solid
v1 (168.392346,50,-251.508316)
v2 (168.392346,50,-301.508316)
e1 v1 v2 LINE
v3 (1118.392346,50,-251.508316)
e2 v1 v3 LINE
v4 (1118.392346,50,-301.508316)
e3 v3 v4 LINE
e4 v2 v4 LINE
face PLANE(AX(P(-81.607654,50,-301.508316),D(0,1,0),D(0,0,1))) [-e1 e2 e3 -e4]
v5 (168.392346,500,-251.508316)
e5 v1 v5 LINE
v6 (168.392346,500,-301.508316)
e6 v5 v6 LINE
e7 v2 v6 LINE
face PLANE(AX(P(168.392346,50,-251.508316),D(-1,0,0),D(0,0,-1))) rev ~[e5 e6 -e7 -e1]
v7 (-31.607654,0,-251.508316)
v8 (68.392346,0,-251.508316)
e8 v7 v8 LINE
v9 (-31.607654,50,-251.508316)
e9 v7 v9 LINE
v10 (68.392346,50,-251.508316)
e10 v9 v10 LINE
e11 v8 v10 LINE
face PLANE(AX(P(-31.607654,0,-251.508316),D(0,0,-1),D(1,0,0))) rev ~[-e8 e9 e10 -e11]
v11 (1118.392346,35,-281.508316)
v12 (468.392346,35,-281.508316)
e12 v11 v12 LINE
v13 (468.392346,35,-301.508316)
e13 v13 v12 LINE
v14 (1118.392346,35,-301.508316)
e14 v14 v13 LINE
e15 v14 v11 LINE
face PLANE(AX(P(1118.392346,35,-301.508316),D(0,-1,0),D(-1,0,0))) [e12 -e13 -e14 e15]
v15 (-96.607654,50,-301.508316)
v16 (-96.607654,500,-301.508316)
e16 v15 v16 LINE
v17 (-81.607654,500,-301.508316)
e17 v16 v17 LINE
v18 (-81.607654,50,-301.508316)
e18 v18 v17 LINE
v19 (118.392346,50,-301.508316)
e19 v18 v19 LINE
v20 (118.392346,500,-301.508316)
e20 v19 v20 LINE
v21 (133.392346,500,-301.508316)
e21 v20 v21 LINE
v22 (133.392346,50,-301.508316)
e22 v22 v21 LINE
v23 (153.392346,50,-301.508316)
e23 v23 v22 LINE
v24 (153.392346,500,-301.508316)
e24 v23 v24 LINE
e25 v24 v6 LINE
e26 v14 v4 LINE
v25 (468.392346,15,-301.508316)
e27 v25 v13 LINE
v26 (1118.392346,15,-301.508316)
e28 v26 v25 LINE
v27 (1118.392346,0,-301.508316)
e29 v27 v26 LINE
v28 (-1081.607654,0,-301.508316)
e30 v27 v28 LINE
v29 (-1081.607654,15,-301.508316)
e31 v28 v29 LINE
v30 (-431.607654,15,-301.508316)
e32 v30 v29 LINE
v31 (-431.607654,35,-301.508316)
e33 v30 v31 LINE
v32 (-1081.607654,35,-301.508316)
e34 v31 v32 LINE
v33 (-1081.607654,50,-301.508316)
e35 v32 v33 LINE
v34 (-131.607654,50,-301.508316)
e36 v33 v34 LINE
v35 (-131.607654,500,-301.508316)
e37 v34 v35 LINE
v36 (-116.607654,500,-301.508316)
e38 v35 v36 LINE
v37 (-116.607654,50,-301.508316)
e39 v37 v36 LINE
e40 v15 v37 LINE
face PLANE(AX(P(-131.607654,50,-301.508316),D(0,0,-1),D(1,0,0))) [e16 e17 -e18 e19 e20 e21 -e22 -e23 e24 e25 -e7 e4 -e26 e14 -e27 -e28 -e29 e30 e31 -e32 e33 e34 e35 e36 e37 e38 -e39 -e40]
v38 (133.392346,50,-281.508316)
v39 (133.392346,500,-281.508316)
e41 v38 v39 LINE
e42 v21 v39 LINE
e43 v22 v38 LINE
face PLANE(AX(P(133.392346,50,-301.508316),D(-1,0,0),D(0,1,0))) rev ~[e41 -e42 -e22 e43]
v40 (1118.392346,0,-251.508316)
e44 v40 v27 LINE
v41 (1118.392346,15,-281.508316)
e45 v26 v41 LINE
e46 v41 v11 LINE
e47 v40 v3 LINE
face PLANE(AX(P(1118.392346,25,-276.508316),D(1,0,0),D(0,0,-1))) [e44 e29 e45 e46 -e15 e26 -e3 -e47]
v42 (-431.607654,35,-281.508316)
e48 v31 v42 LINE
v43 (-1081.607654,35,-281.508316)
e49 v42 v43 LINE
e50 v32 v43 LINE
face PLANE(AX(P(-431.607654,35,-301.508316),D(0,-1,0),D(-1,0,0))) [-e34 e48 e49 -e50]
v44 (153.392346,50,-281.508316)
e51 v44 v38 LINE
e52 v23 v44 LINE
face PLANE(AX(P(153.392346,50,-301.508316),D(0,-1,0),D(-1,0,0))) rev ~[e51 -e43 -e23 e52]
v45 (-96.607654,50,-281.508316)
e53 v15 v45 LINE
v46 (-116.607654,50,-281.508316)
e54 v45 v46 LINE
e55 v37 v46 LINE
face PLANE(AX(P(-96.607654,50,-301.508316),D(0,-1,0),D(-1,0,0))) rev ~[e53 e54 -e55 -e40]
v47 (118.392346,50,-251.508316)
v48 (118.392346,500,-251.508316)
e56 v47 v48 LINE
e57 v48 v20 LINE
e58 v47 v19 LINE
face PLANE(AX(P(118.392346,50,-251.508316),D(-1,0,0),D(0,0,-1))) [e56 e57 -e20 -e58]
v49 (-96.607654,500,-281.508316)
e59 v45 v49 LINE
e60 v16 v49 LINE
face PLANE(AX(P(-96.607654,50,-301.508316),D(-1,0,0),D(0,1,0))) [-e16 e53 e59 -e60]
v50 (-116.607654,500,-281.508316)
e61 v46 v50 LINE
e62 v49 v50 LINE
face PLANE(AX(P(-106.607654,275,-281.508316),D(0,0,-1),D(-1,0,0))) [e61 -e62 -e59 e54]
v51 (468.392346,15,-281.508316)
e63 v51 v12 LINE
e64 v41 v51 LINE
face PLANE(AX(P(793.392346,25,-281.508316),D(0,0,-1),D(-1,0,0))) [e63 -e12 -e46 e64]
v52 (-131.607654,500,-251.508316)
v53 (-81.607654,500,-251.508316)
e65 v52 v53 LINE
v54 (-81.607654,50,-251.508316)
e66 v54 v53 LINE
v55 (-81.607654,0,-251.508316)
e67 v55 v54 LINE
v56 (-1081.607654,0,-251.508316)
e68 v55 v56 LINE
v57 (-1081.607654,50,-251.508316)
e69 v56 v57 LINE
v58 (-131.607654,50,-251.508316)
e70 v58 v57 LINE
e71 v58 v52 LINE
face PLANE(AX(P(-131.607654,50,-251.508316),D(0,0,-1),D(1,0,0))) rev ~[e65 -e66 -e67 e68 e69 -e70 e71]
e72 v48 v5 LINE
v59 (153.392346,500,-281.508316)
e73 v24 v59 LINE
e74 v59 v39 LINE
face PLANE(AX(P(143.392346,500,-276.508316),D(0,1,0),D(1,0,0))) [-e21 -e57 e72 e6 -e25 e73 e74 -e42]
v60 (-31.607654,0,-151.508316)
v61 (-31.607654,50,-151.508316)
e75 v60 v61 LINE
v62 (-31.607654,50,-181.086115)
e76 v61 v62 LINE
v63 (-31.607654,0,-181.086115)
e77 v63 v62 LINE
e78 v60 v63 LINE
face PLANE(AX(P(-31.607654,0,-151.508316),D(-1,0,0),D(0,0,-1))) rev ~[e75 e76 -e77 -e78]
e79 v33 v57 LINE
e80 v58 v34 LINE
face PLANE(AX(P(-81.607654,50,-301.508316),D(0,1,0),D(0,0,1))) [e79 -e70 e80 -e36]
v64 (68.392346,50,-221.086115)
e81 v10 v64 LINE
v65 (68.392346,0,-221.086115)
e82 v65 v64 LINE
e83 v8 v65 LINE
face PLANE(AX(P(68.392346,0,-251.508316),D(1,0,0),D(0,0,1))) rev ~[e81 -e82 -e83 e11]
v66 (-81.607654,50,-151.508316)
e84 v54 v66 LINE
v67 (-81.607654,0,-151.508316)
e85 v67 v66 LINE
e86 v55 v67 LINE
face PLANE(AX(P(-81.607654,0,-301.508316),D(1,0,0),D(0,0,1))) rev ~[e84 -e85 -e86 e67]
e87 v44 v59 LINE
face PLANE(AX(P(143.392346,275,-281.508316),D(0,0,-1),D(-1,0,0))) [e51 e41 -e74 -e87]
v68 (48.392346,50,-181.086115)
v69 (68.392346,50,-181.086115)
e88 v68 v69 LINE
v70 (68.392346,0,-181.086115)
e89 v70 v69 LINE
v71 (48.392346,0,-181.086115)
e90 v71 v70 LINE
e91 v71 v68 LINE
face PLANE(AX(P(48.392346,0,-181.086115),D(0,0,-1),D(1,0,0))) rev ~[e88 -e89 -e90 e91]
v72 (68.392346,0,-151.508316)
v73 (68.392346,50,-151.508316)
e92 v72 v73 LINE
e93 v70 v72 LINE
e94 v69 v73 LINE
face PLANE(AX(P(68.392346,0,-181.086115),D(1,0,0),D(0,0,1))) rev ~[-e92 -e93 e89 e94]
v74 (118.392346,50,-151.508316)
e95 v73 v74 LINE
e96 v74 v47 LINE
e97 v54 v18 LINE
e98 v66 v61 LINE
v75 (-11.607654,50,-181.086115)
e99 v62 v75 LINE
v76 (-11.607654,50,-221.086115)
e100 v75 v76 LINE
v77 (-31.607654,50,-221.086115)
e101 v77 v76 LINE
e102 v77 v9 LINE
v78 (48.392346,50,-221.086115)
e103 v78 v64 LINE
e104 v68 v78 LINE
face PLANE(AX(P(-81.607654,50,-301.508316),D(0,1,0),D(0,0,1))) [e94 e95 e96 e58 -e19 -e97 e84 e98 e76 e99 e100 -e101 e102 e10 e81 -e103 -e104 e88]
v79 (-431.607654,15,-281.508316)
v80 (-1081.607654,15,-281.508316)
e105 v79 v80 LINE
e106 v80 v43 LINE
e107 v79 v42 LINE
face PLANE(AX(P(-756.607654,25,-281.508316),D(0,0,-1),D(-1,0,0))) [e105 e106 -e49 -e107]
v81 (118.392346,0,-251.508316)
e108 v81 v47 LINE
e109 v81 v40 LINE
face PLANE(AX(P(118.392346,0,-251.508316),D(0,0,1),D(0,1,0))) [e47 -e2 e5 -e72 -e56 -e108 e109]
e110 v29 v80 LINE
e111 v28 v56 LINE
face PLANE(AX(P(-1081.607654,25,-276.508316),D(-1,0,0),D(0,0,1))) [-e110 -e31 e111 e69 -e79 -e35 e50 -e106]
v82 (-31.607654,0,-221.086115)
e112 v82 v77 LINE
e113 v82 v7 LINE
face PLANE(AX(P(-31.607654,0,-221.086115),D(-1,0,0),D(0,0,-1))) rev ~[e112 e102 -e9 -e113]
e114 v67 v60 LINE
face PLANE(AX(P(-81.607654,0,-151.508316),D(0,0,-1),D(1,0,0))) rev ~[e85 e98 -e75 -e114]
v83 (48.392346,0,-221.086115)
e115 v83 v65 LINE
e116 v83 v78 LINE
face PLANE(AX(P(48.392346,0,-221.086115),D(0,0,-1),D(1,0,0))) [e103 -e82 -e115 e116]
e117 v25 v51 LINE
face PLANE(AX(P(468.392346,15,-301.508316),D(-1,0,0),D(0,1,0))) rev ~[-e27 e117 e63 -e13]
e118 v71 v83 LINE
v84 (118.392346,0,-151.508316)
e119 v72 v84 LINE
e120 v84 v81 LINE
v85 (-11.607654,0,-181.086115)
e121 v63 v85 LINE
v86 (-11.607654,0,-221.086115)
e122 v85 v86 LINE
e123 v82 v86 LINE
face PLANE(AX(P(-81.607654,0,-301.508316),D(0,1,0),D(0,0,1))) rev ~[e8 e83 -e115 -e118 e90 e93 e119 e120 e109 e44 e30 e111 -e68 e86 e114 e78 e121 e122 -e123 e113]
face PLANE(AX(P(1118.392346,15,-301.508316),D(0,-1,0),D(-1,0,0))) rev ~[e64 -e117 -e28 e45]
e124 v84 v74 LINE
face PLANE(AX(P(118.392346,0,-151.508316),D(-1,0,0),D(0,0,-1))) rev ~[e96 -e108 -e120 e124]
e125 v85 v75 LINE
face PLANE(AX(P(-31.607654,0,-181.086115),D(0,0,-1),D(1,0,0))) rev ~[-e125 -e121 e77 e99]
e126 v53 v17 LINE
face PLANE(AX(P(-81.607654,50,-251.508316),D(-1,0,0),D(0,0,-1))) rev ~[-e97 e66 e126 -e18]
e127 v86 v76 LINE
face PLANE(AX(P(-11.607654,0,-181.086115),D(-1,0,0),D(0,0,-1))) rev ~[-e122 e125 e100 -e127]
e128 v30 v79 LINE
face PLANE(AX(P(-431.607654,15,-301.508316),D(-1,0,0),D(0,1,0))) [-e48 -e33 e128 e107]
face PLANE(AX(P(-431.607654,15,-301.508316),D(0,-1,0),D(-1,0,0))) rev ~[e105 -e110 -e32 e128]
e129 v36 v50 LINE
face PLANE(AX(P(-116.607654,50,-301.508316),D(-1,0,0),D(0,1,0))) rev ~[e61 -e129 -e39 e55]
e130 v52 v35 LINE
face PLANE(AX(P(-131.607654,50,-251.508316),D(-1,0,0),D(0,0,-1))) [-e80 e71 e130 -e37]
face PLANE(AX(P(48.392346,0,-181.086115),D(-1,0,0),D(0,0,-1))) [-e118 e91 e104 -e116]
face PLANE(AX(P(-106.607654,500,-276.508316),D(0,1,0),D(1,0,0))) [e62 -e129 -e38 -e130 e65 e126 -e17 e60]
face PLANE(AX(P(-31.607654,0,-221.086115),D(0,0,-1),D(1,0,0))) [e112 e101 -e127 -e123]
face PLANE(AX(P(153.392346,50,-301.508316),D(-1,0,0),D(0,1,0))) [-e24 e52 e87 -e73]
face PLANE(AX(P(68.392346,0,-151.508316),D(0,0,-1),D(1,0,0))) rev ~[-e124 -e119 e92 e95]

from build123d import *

# Parameters (mm, degrees)
SKETCH1_W           = 20
SKETCH1_H           = 40
BOSS_EXTRUDE1_DEPTH = 50
SKETCH2_W           = 50
SKETCH2_H           = 50
BOSS_EXTRUDE2_DEPTH = 1000
SKETCH3_W           = 50
SKETCH3_H           = 50
BOSS_EXTRUDE3_DEPTH = 1000
SKETCH4_W           = 50
SKETCH4_H           = 50
BOSS_EXTRUDE4_DEPTH = 450
SKETCH6_W           = 650
SKETCH6_H           = 20
CUT_EXTRUDE2_DEPTH  = 20
SKETCH7_W           = 20
SKETCH7_H           = 450
CUT_EXTRUDE3_DEPTH  = 20


with BuildPart() as part:
    # Sketch1 → Boss-Extrude1 (new body)
    with BuildSketch(Plane(origin=(0, 0, 0), x_dir=(1, 0, 0), z_dir=(0, 1, 0))):
        Polygon((-31.607653806, 251.508316195), (0, 251.508316195), (68.392346194, 251.508316195), (68.392346194, 221.086115448), (68.392346194, 181.086115448), (68.392346194, 151.508316195), (118.392346194, 151.508316195), (118.392346194, 301.508316195), (-81.607653806, 301.508316195), (-81.607653806, 151.508316195), (-31.607653806, 151.508316195), (-31.607653806, 181.086115448), (-31.607653806, 221.086115448), align=None)
        with Locations((-21.607653806, 201.086115448)):
            Rectangle(SKETCH1_W, SKETCH1_H)
        with Locations((58.392346194, 201.086115448)):
            Rectangle(SKETCH1_W, SKETCH1_H)
    extrude(amount=BOSS_EXTRUDE1_DEPTH)

    # Sketch2 → Boss-Extrude2 (add)
    with BuildSketch(Plane(origin=(118.392346194, 0, 0), x_dir=(0, 0, -1), z_dir=(1, 0, 0))):
        with Locations((276.508316195, 25)):
            Rectangle(SKETCH2_W, SKETCH2_H)
    extrude(amount=BOSS_EXTRUDE2_DEPTH)

    # Sketch3 → Boss-Extrude3 (add)
    with BuildSketch(Plane.ZY.offset(81.607653806)):
        with Locations((-276.508316195, 25)):
            Rectangle(SKETCH3_W, SKETCH3_H)
    extrude(amount=BOSS_EXTRUDE3_DEPTH)

    # Sketch4 → Boss-Extrude4 (add)
    with BuildSketch(Plane(origin=(0, 50, 0), x_dir=(1, 0, 0), z_dir=(0, 1, 0))):
        with Locations((-106.607653806, 276.508316195)):
            Rectangle(SKETCH4_W, SKETCH4_H)
        with Locations((143.392346194, 276.508316195)):
            Rectangle(SKETCH4_W, SKETCH4_H)
    extrude(amount=BOSS_EXTRUDE4_DEPTH)

    # Sketch6 → Cut-Extrude2 (cut)
    with BuildSketch(Plane(origin=(0, 0, -301.508316195), x_dir=(-1, 0, 0), z_dir=(0, 0, -1))):
        with Locations((756.607653806, 25)):
            Rectangle(SKETCH6_W, SKETCH6_H)
        with Locations((-793.392346194, 25)):
            Rectangle(SKETCH6_W, SKETCH6_H)
    extrude(amount=-CUT_EXTRUDE2_DEPTH, mode=Mode.SUBTRACT)

    # Sketch7 → Cut-Extrude3 (cut)
    with BuildSketch(Plane(origin=(0, 0, -301.508316195), x_dir=(-1, 0, 0), z_dir=(0, 0, -1))):
        with Locations((-143.392346194, 275)):
            Rectangle(SKETCH7_W, SKETCH7_H)
        with Locations((106.607653806, 275)):
            Rectangle(SKETCH7_W, SKETCH7_H)
    extrude(amount=-CUT_EXTRUDE3_DEPTH, mode=Mode.SUBTRACT)


solid = part.part
